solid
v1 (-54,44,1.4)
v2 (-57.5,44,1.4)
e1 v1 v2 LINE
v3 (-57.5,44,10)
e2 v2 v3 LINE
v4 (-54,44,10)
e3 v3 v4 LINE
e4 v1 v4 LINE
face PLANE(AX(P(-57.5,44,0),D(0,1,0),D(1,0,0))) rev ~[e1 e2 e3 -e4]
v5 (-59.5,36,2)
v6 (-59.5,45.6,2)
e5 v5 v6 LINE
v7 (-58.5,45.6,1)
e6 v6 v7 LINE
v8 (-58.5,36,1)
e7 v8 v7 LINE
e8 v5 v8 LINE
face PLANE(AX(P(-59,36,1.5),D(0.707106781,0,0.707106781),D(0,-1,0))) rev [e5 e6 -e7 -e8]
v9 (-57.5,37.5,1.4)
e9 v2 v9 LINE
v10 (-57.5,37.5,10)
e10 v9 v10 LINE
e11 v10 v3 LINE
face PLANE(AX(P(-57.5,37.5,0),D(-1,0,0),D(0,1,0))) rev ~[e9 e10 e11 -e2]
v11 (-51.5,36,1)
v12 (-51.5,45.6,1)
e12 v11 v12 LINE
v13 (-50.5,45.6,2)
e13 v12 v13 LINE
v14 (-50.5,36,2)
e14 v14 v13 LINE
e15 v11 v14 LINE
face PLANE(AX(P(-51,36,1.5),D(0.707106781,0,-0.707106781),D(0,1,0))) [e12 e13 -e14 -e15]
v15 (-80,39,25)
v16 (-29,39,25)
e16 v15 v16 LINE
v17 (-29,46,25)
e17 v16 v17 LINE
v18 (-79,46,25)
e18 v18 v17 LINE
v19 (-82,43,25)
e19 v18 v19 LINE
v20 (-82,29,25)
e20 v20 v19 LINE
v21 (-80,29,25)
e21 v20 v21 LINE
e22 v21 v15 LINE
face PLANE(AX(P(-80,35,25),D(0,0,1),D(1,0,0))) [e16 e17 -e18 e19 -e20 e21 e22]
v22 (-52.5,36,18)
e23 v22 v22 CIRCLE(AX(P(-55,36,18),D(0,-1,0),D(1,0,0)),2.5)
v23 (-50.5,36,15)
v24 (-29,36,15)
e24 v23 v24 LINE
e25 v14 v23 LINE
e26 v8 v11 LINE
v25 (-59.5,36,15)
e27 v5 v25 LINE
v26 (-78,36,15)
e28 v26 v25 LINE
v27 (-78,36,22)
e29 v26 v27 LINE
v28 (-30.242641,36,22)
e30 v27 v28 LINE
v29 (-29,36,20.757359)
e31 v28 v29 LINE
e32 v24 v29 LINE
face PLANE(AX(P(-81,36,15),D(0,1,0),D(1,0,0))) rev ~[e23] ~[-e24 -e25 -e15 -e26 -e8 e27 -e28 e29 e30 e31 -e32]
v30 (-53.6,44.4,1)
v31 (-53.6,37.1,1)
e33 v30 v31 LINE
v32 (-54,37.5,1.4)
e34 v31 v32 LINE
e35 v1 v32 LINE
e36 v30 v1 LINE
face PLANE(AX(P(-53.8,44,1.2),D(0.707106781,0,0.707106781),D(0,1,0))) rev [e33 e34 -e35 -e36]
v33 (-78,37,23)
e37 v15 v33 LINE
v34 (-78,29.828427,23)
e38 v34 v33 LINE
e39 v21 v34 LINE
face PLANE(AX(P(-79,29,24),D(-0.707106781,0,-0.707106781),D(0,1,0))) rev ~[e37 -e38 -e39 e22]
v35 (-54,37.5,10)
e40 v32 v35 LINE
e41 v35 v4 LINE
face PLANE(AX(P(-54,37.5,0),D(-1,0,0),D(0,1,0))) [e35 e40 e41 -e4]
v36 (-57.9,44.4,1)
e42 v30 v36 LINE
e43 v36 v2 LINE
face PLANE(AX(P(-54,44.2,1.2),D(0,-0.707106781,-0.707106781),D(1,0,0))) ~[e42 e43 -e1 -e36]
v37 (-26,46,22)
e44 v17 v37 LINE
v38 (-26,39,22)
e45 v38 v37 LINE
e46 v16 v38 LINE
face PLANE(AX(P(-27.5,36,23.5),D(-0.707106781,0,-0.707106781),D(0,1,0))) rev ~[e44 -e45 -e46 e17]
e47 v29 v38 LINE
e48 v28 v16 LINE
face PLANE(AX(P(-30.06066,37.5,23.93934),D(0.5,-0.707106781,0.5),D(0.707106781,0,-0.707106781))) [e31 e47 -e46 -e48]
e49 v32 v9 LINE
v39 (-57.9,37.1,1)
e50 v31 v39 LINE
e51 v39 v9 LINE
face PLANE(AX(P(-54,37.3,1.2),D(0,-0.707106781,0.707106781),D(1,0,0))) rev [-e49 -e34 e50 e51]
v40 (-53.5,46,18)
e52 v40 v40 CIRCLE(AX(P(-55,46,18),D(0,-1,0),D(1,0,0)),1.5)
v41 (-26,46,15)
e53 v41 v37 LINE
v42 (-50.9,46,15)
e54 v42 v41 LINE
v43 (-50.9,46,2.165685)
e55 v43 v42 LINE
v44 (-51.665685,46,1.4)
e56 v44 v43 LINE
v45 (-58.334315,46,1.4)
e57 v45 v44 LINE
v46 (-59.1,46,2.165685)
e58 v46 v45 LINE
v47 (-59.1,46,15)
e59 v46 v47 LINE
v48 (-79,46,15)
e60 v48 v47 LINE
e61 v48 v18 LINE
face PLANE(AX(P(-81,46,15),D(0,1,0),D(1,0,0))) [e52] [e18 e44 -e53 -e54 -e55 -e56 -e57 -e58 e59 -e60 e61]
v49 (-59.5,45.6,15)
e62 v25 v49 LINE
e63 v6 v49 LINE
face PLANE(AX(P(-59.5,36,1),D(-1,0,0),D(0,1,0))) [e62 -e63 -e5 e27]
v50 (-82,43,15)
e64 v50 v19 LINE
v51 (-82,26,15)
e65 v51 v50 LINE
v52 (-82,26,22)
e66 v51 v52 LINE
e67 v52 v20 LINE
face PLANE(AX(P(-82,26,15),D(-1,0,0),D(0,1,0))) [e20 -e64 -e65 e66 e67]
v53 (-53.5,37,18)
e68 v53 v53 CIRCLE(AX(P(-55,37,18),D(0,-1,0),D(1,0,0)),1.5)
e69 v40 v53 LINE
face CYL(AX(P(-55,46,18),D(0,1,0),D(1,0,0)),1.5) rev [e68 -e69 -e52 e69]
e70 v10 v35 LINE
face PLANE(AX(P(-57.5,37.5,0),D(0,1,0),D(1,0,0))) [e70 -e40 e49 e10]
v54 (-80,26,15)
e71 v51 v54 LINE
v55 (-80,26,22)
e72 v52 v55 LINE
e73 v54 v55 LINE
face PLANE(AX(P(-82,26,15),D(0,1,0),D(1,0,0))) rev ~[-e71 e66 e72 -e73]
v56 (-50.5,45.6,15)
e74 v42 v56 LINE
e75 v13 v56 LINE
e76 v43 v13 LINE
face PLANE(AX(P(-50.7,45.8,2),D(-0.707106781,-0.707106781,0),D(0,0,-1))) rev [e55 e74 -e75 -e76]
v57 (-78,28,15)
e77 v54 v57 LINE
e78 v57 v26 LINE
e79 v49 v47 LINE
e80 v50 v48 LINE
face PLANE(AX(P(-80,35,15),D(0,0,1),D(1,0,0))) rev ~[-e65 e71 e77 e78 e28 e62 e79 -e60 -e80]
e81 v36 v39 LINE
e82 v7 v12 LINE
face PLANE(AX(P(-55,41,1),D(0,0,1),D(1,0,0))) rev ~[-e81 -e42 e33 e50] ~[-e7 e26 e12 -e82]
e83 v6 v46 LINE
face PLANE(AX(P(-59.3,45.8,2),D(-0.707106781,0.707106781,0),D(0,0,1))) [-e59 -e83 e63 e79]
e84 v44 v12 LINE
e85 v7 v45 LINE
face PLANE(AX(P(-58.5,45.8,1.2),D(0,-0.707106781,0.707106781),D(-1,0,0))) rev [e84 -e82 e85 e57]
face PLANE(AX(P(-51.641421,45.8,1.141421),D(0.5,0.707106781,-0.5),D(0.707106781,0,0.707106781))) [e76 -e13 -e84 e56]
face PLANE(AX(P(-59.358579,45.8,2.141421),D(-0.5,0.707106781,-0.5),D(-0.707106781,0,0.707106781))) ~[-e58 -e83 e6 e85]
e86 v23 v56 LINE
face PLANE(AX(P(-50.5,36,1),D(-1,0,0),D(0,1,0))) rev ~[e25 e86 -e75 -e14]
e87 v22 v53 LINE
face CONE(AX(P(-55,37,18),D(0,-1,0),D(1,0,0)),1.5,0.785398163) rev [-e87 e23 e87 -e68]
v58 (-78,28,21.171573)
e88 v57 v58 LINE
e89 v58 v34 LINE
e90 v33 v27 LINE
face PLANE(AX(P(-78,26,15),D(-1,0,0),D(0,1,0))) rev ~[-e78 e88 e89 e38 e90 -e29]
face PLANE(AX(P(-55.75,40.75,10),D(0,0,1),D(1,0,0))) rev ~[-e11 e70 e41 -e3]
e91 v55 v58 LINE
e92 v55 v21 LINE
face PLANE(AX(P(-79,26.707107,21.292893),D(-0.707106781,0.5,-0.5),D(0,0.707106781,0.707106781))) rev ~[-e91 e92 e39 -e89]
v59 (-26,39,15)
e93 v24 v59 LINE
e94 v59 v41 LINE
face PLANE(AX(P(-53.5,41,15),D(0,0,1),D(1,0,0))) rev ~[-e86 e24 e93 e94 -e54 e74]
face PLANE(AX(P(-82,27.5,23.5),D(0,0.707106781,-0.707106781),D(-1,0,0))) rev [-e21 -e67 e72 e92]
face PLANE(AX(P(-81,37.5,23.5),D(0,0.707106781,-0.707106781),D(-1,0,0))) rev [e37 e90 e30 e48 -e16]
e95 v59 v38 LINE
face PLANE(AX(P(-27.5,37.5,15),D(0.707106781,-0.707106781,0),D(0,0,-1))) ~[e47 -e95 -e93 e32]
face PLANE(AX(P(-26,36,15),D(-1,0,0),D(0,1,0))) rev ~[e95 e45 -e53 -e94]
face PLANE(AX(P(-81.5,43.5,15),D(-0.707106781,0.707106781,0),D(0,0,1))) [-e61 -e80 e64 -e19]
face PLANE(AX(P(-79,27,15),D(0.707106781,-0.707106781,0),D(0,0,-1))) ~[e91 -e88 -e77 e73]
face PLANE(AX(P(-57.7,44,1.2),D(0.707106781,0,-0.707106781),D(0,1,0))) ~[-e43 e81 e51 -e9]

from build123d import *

# Parameters (mm, degrees)
CYLINDER013_R     = 1.5
CYLINDER013_DEPTH = 10
BOX030_W          = 55
BOX030_H          = 10
BOX030_DEPTH      = 10
CHAMFER035_SIZE   = 2
CHAMFER036_SIZE   = 3
CHAMFER037_SIZE   = 3
BOX031_W          = 4
BOX031_H          = 18
BOX031_DEPTH      = 10
CHAMFER031_SIZE   = 1
CHAMFER032_SIZE   = 3
CHAMFER033_SIZE   = 2
BOX032_W          = 3.5
BOX032_H          = 6.5
BOX032_DEPTH      = 10
BOX028_W          = 9
BOX028_H          = 10
BOX028_DEPTH      = 14
CHAMFER038_SIZE   = 1
CHAMFER039_SIZE   = 0.4
CHAMFER040_SIZE   = 1


with BuildPart() as cylinder013:
    # Cylinder013 → Cylinder013 (new body)
    with BuildSketch(Plane(origin=(-55, 46, 18), x_dir=(1, 0, 0), z_dir=(0, -1, 0))):
        Circle(CYLINDER013_R)
    extrude(amount=CYLINDER013_DEPTH)


with BuildPart() as chamfer037:
    # Box030 → Box030 (new body)
    with BuildSketch(Plane(origin=(-81, 36, 15), x_dir=(1, 0, 0), z_dir=(0, 0, 1))):
        with Locations((27.5, 5)):
            Rectangle(BOX030_W, BOX030_H)
    extrude(amount=BOX030_DEPTH)

    # Chamfer035
    chamfer035_edges = [chamfer037.edges().sort_by_distance(p)[0] for p in [
        (-81, 46, 20),
    ]]
    chamfer(chamfer035_edges, length=CHAMFER035_SIZE)

    # Chamfer036
    chamfer036_edges = [chamfer037.edges().sort_by_distance(p)[0] for p in [
        (-26, 41, 25),
    ]]
    chamfer(chamfer036_edges, length=CHAMFER036_SIZE)

    # Chamfer037
    chamfer037_edges = [chamfer037.edges().sort_by_distance(p)[0] for p in [
        (-55, 36, 25),
        (-26, 36, 18.5),
        (-27.5, 36, 23.5),
    ]]
    chamfer(chamfer037_edges, length=CHAMFER037_SIZE)


with BuildPart() as chamfer033:
    # Box031 → Box031 (new body)
    with BuildSketch(Plane(origin=(-82, 26, 15), x_dir=(1, 0, 0), z_dir=(0, 0, 1))):
        with Locations((2, 9)):
            Rectangle(BOX031_W, BOX031_H)
    extrude(amount=BOX031_DEPTH)

    # Chamfer031
    chamfer031_edges = [chamfer033.edges().sort_by_distance(p)[0] for p in [
        (-82, 44, 20),
    ]]
    chamfer(chamfer031_edges, length=CHAMFER031_SIZE)

    # Chamfer032
    chamfer032_edges = [chamfer033.edges().sort_by_distance(p)[0] for p in [
        (-80, 26, 25),
    ]]
    chamfer(chamfer032_edges, length=CHAMFER032_SIZE)

    # Chamfer033
    chamfer033_edges = [chamfer033.edges().sort_by_distance(p)[0] for p in [
        (-78, 36.5, 25),
        (-78, 27.5, 23.5),
        (-78, 26, 18.5),
    ]]
    chamfer(chamfer033_edges, length=CHAMFER033_SIZE)


with BuildPart() as cube032:
    # Box032 → Box032 (new body)
    with BuildSketch(Plane(origin=(-57.5, 37.5, 0), x_dir=(1, 0, 0), z_dir=(0, 0, 1))):
        with Locations((1.75, 3.25)):
            Rectangle(BOX032_W, BOX032_H)
    extrude(amount=BOX032_DEPTH)


with BuildPart() as chamfer040:
    # Box028 → Box028 (new body)
    with BuildSketch(Plane(origin=(-59.5, 36, 1), x_dir=(1, 0, 0), z_dir=(0, 0, 1))):
        with Locations((4.5, 5)):
            Rectangle(BOX028_W, BOX028_H)
    extrude(amount=BOX028_DEPTH)

    # Cut006: cut Cube032
    add(cube032.part, mode=Mode.SUBTRACT)

    # Chamfer038
    chamfer038_edges = [chamfer040.edges().sort_by_distance(p)[0] for p in [
        (-59.5, 41, 1),
        (-50.5, 41, 1),
    ]]
    chamfer(chamfer038_edges, length=CHAMFER038_SIZE)

    # Chamfer039
    chamfer039_edges = [chamfer040.edges().sort_by_distance(p)[0] for p in [
        (-59.5, 46, 8.5),
        (-59, 46, 1.5),
        (-55, 46, 1),
        (-50.5, 46, 8.5),
        (-51, 46, 1.5),
        (-55.75, 37.5, 1),
        (-54, 40.75, 1),
        (-55.75, 44, 1),
        (-57.5, 40.75, 1),
    ]]
    chamfer(chamfer039_edges, length=CHAMFER039_SIZE)

    # Fusion002003011: union Chamfer037, Chamfer033
    add(chamfer037.part)
    add(chamfer033.part)

    # Cut007: cut Cylinder013
    add(cylinder013.part, mode=Mode.SUBTRACT)

    # Chamfer040
    chamfer040_edges = [chamfer040.edges().sort_by_distance(p)[0] for p in [
        (-56.5, 36, 18),
    ]]
    chamfer(chamfer040_edges, length=CHAMFER040_SIZE)


solid = chamfer040.part
